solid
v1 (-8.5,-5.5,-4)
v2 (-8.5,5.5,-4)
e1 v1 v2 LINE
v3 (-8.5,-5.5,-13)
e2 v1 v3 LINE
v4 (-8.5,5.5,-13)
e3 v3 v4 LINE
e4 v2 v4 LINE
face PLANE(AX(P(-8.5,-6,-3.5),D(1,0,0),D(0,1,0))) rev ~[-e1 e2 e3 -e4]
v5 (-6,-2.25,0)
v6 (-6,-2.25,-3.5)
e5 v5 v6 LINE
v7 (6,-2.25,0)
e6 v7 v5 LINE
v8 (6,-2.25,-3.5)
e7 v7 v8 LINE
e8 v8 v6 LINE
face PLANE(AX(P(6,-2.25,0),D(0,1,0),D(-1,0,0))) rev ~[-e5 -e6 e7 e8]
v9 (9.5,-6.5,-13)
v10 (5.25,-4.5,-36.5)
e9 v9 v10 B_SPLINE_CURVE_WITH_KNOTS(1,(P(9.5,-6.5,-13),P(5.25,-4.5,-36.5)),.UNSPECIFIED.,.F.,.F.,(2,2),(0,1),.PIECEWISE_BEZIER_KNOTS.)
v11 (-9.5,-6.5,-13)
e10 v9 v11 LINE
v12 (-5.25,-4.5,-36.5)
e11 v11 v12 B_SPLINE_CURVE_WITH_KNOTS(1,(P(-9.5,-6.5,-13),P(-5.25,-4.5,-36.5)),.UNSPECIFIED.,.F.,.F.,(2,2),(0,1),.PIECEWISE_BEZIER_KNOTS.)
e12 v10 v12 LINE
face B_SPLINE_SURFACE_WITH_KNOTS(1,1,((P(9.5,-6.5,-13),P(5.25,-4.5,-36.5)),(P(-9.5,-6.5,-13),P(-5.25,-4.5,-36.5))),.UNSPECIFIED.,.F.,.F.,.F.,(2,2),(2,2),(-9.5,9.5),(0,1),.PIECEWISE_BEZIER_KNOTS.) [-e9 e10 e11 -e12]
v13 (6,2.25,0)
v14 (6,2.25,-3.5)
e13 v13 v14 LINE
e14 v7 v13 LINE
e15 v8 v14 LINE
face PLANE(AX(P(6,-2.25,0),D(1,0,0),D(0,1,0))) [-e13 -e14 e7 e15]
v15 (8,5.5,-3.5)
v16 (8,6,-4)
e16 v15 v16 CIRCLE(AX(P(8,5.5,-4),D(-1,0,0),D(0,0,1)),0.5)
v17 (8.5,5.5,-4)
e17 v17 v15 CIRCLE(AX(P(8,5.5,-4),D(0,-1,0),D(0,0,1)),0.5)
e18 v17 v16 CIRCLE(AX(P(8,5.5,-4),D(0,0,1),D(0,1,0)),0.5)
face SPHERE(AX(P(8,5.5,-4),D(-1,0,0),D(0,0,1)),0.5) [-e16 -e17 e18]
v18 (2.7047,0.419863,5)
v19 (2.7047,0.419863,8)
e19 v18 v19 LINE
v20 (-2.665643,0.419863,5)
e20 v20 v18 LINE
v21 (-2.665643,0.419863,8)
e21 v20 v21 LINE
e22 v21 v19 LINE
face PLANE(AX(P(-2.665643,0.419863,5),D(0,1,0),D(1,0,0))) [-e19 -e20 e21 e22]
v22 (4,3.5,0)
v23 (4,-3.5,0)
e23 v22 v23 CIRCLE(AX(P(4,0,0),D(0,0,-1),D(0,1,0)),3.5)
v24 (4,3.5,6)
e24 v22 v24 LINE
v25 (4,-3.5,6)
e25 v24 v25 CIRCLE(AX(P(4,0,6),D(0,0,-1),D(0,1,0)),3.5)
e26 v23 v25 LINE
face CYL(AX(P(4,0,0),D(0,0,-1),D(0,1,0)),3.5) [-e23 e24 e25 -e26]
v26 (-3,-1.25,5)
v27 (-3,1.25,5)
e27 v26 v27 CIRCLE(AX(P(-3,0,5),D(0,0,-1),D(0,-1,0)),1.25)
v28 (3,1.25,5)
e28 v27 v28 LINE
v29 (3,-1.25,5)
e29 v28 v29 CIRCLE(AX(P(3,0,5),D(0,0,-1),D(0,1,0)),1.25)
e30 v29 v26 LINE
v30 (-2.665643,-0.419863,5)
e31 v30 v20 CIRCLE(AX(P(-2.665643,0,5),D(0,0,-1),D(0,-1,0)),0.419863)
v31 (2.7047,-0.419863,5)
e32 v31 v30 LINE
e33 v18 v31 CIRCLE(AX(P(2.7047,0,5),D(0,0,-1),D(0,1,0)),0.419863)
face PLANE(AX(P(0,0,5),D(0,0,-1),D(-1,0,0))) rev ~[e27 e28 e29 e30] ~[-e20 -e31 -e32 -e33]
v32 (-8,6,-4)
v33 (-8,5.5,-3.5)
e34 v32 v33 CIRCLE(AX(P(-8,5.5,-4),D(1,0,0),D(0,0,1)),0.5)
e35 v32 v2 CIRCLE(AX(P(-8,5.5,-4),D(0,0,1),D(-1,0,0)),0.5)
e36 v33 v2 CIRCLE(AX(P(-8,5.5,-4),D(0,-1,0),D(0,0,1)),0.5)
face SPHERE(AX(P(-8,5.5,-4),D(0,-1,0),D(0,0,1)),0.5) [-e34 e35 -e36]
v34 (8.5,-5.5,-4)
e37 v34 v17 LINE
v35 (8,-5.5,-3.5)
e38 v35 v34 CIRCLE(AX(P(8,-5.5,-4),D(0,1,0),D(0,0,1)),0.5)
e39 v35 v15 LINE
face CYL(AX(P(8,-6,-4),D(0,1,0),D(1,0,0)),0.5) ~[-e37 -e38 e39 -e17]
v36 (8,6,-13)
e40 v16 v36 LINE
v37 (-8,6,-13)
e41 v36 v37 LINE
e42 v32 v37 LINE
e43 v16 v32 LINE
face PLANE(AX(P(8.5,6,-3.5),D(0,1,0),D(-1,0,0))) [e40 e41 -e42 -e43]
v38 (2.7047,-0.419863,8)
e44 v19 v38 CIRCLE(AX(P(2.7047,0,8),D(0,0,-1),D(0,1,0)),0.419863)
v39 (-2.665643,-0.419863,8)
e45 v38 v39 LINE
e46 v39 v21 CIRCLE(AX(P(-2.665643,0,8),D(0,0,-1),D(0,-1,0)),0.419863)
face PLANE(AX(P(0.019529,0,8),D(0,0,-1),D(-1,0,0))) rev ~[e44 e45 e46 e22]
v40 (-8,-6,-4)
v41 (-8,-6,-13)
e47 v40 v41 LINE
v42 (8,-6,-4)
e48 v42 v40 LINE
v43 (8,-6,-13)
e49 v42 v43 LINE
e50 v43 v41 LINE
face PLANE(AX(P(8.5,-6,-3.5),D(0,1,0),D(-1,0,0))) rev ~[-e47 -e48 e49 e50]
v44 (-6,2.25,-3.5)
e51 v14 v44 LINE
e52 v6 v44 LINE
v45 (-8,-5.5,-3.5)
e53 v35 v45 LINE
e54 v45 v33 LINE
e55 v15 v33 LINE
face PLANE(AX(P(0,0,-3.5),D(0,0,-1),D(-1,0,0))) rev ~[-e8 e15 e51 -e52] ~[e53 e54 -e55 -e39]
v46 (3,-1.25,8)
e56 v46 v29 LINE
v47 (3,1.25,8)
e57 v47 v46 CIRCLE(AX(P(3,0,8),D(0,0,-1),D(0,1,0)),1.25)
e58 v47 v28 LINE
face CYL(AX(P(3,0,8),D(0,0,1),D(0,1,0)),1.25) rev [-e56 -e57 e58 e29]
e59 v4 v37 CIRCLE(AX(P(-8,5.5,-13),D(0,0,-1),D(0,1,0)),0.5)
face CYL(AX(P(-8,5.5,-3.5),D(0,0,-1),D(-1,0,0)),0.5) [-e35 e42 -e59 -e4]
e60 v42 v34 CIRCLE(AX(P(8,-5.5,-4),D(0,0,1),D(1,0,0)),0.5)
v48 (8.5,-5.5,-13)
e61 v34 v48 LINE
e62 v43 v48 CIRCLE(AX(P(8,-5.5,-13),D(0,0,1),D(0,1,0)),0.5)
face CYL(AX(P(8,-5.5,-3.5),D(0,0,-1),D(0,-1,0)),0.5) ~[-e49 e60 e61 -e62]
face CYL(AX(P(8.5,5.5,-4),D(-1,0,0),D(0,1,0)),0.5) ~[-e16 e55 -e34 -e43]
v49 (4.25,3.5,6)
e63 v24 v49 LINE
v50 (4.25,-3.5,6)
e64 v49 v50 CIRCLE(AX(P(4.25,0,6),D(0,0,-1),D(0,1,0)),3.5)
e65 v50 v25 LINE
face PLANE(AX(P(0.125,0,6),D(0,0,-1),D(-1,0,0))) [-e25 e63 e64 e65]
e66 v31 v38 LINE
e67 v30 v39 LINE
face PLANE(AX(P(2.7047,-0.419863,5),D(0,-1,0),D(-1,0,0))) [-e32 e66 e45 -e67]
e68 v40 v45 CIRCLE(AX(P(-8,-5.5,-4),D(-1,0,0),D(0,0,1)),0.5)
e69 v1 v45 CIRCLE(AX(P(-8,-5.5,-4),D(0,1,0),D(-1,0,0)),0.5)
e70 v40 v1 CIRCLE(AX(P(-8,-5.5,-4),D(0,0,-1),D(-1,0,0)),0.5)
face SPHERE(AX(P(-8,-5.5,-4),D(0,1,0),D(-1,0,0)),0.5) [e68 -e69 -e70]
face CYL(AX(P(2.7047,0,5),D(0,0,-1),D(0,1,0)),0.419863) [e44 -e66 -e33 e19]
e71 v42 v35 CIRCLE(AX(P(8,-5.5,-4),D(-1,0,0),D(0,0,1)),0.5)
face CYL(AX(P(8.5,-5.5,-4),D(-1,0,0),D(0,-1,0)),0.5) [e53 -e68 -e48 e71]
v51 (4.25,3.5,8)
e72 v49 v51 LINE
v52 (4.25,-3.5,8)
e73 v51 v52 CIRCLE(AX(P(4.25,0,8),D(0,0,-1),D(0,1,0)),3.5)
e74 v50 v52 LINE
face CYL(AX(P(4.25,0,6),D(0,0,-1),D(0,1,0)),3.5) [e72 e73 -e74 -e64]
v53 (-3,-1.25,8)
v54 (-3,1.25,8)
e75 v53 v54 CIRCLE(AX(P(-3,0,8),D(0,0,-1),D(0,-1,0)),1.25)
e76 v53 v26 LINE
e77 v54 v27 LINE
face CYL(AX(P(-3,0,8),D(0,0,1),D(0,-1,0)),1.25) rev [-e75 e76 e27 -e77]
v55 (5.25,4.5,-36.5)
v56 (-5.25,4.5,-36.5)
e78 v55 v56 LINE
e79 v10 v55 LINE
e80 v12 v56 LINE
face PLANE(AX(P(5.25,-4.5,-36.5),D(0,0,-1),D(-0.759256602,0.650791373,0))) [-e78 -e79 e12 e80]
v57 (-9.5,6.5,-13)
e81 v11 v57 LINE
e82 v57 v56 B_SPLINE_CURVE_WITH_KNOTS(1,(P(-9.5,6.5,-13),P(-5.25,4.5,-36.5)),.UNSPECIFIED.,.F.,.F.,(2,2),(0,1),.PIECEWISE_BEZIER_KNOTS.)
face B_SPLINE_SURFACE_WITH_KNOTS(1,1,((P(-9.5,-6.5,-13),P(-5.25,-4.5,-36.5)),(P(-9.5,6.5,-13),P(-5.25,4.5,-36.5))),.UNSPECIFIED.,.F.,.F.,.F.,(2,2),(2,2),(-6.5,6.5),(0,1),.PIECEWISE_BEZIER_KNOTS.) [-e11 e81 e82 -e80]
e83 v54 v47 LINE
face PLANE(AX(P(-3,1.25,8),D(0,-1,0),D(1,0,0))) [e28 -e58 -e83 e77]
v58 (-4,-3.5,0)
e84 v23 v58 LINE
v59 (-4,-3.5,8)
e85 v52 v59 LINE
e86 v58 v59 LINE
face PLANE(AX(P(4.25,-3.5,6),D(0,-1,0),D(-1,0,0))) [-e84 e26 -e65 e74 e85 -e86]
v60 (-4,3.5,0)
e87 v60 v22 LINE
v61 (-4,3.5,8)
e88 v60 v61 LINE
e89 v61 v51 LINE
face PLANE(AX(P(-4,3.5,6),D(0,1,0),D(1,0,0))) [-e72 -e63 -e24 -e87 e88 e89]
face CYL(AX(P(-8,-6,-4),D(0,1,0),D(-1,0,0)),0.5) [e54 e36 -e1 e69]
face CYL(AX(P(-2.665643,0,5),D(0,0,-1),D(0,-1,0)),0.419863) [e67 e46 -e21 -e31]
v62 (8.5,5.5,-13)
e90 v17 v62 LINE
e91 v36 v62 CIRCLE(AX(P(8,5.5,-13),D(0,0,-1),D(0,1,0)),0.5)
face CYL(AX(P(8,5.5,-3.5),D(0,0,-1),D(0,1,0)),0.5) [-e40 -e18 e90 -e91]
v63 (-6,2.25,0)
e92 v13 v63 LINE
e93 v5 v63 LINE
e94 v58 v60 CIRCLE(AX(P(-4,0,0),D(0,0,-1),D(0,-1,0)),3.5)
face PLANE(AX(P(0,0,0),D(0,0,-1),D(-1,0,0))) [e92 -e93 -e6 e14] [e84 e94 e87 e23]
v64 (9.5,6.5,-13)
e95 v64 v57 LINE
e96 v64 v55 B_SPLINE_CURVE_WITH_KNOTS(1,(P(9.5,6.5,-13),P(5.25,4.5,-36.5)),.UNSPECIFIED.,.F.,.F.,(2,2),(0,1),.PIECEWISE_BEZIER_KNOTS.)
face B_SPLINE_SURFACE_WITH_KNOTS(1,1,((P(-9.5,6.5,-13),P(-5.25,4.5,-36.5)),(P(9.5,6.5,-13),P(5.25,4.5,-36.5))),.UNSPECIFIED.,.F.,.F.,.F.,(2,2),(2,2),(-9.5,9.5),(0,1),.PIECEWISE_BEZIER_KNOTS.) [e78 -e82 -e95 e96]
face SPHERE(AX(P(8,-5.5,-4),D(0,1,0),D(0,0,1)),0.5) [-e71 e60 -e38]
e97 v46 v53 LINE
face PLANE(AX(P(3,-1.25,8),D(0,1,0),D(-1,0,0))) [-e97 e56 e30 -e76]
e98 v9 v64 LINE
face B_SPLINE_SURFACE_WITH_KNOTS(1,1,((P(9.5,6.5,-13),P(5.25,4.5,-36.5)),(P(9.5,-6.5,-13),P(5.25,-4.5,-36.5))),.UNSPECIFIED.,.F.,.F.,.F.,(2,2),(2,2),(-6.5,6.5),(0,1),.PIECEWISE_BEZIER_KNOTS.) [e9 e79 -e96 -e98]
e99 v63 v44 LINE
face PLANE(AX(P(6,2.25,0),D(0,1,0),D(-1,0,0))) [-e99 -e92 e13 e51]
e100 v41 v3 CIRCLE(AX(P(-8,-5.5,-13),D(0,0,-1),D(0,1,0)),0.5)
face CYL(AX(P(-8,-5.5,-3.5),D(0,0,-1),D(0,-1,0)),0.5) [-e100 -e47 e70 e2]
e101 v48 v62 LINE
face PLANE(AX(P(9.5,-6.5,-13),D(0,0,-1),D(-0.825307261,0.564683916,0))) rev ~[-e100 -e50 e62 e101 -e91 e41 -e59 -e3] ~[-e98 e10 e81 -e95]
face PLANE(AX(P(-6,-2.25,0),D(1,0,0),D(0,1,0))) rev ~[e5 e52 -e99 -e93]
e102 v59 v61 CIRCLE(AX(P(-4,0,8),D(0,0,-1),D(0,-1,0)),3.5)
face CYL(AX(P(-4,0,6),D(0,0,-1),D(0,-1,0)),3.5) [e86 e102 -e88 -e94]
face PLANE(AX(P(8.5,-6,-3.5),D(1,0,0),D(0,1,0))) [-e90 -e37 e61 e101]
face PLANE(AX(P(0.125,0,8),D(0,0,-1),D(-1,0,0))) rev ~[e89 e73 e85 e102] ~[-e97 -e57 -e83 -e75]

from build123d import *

# Parameters (mm, degrees)
SALIENTE_EXTRUIR1_DEPTH = 6
SALIENTE_EXTRUIR2_DEPTH = 2
CROQUIS3_W              = 12
CROQUIS3_H              = 4.5
SALIENTE_EXTRUIR3_DEPTH = 3.5
CROQUIS4_W              = 17
CROQUIS4_H              = 12
SALIENTE_EXTRUIR4_DEPTH = 9.5
CROQUIS5_W              = 19
CROQUIS5_H              = 13
CROQUIS6_W              = 10.5
CROQUIS6_H              = 9
REDONDEO1_R             = 0.5
CORTAR_EXTRUIR1_DEPTH   = 3
SALIENTE_EXTRUIR5_DEPTH = 3


with BuildPart() as part:
    # Croquis1 → Saliente-Extruir1 (new body)
    with BuildSketch(Plane.XY):
        with BuildLine():
            Line((-4, 3.5), (4, 3.5))
            ThreePointArc((4, 3.5), (7.5, 0), (4, -3.5))
            Line((4, -3.5), (-4, -3.5))
            ThreePointArc((-4, -3.5), (-7.5, 0), (-4, 3.5))
        make_face()
    extrude(amount=SALIENTE_EXTRUIR1_DEPTH)

    # Croquis2 → Saliente-Extruir2 (add)
    with BuildSketch(Plane.XY.offset(6)):
        with BuildLine():
            Line((-4, 3.5), (4.25, 3.5))
            ThreePointArc((4.25, 3.5), (7.75, 0), (4.25, -3.5))
            Line((4.25, -3.5), (-4, -3.5))
            ThreePointArc((-4, -3.5), (-7.5, 0), (-4, 3.5))
        make_face()
    extrude(amount=SALIENTE_EXTRUIR2_DEPTH)

    # Croquis3 → Saliente-Extruir3 (add)
    with BuildSketch(Plane(origin=(0, 0, 0), x_dir=(-1, 0, 0), z_dir=(0, 0, -1))):
        Rectangle(CROQUIS3_W, CROQUIS3_H)
    extrude(amount=SALIENTE_EXTRUIR3_DEPTH)

    # Croquis4 → Saliente-Extruir4 (add)
    with BuildSketch(Plane(origin=(0, 0, -3.5), x_dir=(-1, 0, 0), z_dir=(0, 0, -1))):
        Rectangle(CROQUIS4_W, CROQUIS4_H)
    extrude(amount=SALIENTE_EXTRUIR4_DEPTH)

    # Croquis5 → Recubrir1 section 0
    with BuildSketch(Plane(origin=(0, 0, -13), x_dir=(-1, 0, 0), z_dir=(0, 0, -1))):
        Rectangle(CROQUIS5_W, CROQUIS5_H)
    # Croquis6 → Recubrir1 section 1
    with BuildSketch(Plane(origin=(0, 0, -36.5), x_dir=(-1, 0, 0), z_dir=(0, 0, -1))):
        Rectangle(CROQUIS6_W, CROQUIS6_H)
    loft()

    # Redondeo1
    redondeo1_edges = [part.edges().sort_by_distance(p)[0] for p in [
        (-8.5, 0, -3.5),
        (-8.5, -6, -8.25),
        (0, 6, -3.5),
        (-8.5, 6, -8.25),
        (8.5, 0, -3.5),
        (8.5, 6, -8.25),
        (0, -6, -3.5),
        (8.5, -6, -8.25),
    ]]
    fillet(redondeo1_edges, radius=REDONDEO1_R)

    # Croquis7 → Cortar-Extruir1 (cut)
    with BuildSketch(Plane.XY.offset(8)):
        with BuildLine():
            Line((-3, 1.25), (3, 1.25))
            ThreePointArc((3, 1.25), (4.25, 0), (3, -1.25))
            Line((3, -1.25), (-3, -1.25))
            ThreePointArc((-3, -1.25), (-4.25, 0), (-3, 1.25))
        make_face()
    extrude(amount=-CORTAR_EXTRUIR1_DEPTH, mode=Mode.SUBTRACT)

    # Croquis8 → Saliente-Extruir5 (add)
    with BuildSketch(Plane.XY.offset(5)):
        with BuildLine():
            Line((-2.665643122, 0.419863202), (2.704700164, 0.419863202))
            ThreePointArc((2.704700164, 0.419863202), (3.124563366, 0), (2.704700164, -0.419863202))
            Line((2.704700164, -0.419863202), (-2.665643122, -0.419863202))
            ThreePointArc((-2.665643122, -0.419863202), (-3.085506324, 0), (-2.665643122, 0.419863202))
        make_face()
    extrude(amount=SALIENTE_EXTRUIR5_DEPTH)


solid = part.part
